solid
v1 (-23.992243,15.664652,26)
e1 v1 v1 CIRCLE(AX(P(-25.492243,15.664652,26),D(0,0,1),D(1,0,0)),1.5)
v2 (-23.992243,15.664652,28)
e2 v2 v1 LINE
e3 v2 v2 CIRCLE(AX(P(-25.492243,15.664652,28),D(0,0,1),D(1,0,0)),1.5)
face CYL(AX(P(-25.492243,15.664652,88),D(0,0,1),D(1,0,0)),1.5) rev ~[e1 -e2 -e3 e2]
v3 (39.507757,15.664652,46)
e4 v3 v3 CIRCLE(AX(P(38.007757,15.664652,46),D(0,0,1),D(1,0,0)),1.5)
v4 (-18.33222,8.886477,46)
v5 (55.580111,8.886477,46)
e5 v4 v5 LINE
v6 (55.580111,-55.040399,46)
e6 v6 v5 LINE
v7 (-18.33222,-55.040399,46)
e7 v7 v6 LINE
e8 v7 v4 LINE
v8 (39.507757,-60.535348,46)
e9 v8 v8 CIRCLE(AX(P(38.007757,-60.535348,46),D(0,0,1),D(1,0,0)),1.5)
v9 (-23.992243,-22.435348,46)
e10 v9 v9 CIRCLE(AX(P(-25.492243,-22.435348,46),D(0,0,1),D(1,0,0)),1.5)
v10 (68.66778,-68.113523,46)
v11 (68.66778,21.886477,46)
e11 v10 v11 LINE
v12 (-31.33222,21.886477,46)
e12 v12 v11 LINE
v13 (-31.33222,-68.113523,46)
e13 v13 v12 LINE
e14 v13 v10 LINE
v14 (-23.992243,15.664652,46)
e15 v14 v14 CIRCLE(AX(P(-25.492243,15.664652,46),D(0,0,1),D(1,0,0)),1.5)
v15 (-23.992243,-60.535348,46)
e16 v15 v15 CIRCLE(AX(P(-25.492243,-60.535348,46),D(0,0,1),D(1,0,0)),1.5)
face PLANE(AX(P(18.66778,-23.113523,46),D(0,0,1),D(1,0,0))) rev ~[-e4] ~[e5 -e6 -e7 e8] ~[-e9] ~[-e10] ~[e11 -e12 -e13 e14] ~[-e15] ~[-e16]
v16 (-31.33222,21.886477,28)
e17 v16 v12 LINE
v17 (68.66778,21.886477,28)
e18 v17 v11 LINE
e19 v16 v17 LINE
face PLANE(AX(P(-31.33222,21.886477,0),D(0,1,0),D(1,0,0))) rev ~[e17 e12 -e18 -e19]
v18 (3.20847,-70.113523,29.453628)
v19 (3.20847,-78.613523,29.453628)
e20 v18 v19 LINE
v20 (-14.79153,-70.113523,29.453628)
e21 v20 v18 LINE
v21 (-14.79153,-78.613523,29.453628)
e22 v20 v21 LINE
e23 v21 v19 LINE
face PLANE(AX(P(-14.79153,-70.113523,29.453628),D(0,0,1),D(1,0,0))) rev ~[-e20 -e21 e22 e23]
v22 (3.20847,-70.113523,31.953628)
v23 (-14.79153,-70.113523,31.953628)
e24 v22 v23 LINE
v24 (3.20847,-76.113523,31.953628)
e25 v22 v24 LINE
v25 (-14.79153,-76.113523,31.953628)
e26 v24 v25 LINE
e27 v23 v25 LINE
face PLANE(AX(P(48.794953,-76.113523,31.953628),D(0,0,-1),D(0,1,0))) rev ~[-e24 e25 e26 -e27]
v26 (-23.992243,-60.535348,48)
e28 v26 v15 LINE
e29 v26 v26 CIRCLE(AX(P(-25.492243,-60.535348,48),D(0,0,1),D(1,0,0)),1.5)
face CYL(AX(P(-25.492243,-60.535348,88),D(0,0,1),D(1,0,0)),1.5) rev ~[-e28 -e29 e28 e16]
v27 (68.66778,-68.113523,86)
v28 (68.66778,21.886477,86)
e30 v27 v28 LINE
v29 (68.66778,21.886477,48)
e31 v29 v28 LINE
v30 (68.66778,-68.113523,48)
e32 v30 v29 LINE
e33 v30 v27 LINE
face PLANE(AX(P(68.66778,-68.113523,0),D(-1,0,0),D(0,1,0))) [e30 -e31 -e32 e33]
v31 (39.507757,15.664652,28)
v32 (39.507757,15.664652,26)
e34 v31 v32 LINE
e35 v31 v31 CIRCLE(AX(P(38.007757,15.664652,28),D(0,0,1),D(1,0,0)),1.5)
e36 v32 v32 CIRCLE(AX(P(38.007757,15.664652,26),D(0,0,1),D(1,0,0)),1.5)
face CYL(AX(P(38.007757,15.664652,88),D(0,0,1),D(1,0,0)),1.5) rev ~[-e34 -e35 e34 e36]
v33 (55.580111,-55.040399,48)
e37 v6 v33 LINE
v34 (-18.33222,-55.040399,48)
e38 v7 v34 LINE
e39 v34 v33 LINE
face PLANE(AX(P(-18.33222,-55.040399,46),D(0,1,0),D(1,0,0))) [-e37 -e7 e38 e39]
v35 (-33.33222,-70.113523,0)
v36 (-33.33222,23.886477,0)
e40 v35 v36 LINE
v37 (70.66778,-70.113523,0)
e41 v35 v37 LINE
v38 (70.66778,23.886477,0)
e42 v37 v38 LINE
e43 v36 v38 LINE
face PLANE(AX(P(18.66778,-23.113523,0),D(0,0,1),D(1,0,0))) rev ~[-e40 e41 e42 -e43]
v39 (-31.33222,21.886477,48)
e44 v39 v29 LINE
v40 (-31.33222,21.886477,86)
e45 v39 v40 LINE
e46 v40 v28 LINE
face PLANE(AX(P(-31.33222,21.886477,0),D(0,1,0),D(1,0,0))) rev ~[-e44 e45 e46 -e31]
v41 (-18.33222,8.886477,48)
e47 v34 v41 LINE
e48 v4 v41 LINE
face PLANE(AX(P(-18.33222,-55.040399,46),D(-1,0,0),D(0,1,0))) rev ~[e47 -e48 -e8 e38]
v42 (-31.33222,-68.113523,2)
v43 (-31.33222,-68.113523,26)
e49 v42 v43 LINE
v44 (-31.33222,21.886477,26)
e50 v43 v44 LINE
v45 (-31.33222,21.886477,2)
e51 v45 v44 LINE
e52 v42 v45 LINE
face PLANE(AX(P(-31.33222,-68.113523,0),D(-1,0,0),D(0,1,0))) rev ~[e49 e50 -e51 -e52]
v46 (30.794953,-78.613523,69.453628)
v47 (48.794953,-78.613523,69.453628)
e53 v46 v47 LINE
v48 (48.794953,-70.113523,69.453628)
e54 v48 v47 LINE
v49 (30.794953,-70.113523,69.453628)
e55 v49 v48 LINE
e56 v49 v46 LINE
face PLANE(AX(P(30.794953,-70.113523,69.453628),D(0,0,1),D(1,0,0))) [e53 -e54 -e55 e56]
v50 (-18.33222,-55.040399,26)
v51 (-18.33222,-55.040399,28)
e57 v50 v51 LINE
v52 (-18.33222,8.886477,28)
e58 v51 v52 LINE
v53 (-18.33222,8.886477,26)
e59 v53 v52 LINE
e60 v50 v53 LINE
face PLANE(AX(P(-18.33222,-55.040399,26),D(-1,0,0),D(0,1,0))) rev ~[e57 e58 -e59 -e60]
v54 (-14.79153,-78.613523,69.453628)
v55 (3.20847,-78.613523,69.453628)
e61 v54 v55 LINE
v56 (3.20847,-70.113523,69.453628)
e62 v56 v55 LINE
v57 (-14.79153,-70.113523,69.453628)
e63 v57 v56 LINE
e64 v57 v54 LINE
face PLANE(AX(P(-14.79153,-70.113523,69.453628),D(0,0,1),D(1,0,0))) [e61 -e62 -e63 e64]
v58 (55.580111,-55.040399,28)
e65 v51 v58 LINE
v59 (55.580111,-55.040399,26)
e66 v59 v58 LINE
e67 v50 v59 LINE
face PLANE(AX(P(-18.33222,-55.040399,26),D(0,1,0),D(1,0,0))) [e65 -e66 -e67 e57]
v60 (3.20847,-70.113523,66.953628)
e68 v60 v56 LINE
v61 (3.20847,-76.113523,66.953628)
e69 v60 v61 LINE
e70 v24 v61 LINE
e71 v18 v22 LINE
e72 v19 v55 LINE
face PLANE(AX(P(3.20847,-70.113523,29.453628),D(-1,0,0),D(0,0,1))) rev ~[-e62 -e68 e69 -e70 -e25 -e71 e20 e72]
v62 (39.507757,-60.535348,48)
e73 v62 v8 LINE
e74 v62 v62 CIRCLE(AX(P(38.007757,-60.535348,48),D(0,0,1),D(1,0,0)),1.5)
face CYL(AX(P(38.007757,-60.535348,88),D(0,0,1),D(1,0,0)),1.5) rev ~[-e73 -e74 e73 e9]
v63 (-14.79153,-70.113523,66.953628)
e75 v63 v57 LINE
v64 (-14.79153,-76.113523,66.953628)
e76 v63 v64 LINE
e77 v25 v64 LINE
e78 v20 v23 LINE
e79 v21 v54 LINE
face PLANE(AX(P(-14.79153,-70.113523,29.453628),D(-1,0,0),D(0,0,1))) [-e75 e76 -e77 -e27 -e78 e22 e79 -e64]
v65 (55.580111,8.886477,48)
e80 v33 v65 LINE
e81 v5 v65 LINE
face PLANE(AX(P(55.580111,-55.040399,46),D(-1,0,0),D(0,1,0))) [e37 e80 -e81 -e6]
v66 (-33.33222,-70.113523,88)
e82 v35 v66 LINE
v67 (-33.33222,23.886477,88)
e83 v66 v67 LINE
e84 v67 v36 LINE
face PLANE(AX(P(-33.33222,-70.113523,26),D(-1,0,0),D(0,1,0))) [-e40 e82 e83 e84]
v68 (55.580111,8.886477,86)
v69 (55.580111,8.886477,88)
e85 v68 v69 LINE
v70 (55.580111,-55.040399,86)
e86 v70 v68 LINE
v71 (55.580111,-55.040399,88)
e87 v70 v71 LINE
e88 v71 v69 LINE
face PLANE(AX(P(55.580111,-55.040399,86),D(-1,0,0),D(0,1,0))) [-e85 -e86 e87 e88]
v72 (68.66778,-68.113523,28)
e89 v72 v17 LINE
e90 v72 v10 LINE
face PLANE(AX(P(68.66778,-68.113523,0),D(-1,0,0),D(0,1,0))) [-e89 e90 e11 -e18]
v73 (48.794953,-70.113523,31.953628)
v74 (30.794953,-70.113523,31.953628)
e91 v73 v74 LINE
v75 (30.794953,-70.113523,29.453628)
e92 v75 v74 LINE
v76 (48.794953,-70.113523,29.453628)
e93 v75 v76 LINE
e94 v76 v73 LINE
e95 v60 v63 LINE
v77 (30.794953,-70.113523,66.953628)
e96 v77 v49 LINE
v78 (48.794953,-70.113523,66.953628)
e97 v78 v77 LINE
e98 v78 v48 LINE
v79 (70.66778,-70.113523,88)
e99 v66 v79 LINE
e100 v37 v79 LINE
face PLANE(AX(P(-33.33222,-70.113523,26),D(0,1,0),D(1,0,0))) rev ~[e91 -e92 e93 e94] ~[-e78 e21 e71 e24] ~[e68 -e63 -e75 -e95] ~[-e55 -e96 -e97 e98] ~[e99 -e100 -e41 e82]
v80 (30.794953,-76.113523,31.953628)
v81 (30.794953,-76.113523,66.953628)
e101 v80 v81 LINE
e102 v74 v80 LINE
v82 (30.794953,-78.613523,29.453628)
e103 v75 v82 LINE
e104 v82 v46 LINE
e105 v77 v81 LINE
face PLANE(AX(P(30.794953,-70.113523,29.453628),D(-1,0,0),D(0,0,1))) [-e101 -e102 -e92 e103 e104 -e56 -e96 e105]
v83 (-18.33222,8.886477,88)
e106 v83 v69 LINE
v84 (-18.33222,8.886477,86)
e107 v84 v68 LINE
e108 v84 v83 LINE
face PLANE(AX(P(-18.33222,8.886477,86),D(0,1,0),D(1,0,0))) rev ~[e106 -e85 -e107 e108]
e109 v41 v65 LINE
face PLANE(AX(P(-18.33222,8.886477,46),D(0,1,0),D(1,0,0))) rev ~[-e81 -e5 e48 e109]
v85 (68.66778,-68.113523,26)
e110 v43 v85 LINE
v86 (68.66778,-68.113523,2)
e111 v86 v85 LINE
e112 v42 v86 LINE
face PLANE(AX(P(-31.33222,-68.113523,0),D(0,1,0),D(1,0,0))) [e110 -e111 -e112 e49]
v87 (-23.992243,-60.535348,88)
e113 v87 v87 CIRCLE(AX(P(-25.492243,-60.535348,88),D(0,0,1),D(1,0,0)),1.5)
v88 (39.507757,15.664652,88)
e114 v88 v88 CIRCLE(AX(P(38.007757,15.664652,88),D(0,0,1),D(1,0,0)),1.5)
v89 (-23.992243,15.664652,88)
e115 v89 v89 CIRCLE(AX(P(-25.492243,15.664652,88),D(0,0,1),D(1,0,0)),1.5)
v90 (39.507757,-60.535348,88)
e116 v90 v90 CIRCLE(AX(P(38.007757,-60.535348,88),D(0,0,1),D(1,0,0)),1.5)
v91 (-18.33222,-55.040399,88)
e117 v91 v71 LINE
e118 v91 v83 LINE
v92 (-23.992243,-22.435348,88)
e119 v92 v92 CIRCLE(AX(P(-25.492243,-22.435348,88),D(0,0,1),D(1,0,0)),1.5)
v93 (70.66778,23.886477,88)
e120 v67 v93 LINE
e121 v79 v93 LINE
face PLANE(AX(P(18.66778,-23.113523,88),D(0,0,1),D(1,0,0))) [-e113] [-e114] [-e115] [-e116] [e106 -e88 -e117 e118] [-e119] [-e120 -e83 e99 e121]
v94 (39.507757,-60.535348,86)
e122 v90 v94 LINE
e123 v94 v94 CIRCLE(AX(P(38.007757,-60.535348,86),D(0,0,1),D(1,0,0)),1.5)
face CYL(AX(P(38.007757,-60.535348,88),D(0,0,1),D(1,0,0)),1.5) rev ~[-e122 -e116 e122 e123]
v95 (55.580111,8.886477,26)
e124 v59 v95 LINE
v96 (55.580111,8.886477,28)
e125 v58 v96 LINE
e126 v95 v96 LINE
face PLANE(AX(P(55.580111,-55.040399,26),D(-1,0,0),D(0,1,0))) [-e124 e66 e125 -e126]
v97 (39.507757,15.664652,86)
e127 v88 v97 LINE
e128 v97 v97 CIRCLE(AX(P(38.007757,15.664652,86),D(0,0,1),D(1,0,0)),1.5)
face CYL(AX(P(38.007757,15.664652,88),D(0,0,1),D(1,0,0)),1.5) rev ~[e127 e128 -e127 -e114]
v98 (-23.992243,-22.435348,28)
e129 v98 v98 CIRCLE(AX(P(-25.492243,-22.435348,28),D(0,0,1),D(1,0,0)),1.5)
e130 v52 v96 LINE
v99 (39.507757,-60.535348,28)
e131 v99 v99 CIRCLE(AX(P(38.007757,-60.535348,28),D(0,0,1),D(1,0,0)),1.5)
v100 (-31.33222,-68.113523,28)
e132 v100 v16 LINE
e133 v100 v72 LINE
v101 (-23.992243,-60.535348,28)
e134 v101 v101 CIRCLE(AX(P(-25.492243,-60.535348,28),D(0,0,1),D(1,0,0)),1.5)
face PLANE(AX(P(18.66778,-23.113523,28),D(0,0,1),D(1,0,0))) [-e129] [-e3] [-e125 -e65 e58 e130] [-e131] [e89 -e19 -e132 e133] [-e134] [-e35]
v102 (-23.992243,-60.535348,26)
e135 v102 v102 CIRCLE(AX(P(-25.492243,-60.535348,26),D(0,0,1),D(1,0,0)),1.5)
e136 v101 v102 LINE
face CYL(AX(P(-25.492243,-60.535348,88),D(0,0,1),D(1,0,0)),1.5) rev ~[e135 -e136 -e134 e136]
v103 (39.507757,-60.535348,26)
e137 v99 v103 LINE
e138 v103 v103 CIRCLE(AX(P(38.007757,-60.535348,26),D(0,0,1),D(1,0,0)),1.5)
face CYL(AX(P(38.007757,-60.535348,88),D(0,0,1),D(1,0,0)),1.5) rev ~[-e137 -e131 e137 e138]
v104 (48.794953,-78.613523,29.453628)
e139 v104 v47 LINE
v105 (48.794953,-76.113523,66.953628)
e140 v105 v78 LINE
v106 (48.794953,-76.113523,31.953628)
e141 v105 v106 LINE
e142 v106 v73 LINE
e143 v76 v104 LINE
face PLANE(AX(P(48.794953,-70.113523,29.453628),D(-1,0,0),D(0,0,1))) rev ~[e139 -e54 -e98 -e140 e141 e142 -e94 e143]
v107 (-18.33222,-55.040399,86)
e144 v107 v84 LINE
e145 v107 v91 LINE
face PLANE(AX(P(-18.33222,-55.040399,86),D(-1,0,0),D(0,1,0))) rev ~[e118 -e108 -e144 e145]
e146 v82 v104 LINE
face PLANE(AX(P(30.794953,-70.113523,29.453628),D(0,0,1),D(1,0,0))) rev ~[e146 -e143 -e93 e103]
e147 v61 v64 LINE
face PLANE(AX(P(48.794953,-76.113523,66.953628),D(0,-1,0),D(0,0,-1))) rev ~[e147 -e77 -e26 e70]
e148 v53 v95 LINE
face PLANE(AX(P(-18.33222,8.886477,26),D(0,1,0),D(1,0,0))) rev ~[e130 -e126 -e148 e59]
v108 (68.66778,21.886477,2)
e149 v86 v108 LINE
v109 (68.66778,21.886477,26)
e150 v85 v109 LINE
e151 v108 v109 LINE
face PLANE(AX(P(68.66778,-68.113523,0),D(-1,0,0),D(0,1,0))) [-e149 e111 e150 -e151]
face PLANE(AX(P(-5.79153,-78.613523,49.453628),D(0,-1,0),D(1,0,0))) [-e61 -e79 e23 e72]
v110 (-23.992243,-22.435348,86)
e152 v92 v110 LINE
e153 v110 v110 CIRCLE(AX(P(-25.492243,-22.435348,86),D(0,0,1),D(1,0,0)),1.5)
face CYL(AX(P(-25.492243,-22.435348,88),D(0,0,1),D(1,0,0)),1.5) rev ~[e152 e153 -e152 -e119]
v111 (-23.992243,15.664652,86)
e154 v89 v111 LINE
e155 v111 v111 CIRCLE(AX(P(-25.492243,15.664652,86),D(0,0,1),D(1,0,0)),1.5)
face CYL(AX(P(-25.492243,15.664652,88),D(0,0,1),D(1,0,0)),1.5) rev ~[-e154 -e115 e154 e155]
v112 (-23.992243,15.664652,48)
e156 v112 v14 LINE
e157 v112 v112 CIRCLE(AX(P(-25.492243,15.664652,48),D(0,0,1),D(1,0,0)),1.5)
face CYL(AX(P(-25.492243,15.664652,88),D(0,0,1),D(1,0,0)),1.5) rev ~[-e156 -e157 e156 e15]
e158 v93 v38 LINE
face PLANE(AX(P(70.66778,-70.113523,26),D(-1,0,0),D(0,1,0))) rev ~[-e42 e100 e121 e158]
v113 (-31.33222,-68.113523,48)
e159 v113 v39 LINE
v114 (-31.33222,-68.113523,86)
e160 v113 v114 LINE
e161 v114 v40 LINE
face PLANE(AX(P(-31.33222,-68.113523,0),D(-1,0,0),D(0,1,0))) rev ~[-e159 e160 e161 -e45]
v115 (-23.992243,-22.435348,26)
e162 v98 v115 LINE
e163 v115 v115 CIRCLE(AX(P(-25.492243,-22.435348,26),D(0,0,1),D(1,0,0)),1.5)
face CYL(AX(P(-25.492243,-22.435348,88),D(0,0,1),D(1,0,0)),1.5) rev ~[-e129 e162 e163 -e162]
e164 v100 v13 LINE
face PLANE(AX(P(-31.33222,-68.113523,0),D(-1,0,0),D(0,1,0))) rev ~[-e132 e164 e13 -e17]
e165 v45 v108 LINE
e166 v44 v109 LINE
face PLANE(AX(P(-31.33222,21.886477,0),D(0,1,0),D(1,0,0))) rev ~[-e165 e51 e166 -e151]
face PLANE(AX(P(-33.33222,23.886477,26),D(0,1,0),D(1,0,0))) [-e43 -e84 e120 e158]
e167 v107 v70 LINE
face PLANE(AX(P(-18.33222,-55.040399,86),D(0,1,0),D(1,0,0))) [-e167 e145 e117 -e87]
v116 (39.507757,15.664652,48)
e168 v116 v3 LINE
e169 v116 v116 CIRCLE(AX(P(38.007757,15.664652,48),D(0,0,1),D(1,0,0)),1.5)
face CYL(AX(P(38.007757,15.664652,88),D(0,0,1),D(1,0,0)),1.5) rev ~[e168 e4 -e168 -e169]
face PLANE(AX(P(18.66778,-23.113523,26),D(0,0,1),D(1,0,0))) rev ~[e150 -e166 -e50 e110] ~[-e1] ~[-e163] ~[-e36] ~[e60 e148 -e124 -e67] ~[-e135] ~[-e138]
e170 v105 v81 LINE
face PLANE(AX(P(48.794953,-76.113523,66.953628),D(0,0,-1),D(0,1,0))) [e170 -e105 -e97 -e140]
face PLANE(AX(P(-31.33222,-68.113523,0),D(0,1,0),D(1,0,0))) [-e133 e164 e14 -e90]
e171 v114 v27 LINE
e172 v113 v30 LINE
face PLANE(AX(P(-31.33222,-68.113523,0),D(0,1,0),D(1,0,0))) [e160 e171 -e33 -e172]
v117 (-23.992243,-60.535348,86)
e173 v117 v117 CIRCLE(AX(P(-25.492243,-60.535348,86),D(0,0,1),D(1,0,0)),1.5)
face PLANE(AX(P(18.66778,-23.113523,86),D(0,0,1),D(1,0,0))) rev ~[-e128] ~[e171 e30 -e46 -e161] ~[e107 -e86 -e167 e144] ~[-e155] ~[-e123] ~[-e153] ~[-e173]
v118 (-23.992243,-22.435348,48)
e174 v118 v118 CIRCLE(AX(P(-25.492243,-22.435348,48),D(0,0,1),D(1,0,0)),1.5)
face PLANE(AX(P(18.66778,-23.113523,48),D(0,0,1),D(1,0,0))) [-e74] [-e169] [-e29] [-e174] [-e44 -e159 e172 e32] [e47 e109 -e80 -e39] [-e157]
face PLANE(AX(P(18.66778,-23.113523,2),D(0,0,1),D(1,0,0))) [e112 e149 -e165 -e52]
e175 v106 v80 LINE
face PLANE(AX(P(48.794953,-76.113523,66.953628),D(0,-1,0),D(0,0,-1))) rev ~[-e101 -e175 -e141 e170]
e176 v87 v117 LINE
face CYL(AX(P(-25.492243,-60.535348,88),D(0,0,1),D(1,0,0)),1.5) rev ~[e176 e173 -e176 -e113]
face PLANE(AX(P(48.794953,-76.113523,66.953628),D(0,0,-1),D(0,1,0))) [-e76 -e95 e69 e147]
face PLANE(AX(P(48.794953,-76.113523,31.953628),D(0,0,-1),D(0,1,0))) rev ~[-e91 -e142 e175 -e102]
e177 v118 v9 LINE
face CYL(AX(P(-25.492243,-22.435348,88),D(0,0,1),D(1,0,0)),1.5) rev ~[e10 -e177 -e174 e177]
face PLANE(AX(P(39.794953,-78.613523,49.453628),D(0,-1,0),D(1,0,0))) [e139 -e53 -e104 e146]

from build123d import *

# Parameters (mm, degrees)
SKETCH3_W           = 104
SKETCH3_H           = 94
SKETCH3_W_2         = 100
SKETCH3_H_2         = 90
EXTRUDE_THIN1_DEPTH = 86
SKETCH3_2_W         = 100
SKETCH3_2_H         = 90
BOSS_EXTRUDE1_DEPTH = 2
SKETCH6_W           = 104
SKETCH6_H           = 94
SKETCH6_W_2         = 73.912331144
SKETCH6_H_2         = 63.926876015
BOSS_EXTRUDE2_DEPTH = 2
LPATTERN1_COUNT     = 2
LPATTERN1_PITCH     = 40
LPATTERN2_COUNT     = 2
LPATTERN2_PITCH     = 60
CUT_EXTRUDE1_REACH  = 134.868
SKETCH9_R           = 1.5
SKETCH10_W          = 18
SKETCH10_H          = 40
BOSS_EXTRUDE3_DEPTH = 8.5
SKETCH12_W          = 35
SKETCH12_H          = 6
CUT_EXTRUDE2_DEPTH  = 65.5


with BuildPart() as part:
    # Sketch3 → Extrude-Thin1 (new body)
    with BuildSketch(Plane.XY):
        with Locations((18.667779633, -23.113522538)):
            Rectangle(SKETCH3_W, SKETCH3_H)
        with Locations((18.667779633, -23.113522538)):
            Rectangle(SKETCH3_W_2, SKETCH3_H_2, mode=Mode.SUBTRACT)
    extrude(amount=EXTRUDE_THIN1_DEPTH)

    # Sketch3<2> → Boss-Extrude1 (add)
    with BuildSketch(Plane.XY):
        with Locations((18.667779633, -23.113522538)):
            Rectangle(SKETCH3_2_W, SKETCH3_2_H)
    extrude(amount=BOSS_EXTRUDE1_DEPTH)

    # Sketch6 → Boss-Extrude2 (add)
    with BuildSketch(Plane.XY.offset(86)):
        with Locations((18.667779633, -23.113522538)):
            Rectangle(SKETCH6_W, SKETCH6_H)
        with Locations((18.623945205, -23.076960546)):
            Rectangle(SKETCH6_W_2, SKETCH6_H_2, mode=Mode.SUBTRACT)
    boss_extrude2 = extrude(amount=BOSS_EXTRUDE2_DEPTH)

    # LPattern1: Boss-Extrude2 ×2
    with Locations(*[(0, 0, -i * LPATTERN1_PITCH) for i in range(1, LPATTERN1_COUNT)]):
        add(boss_extrude2)

    # LPattern2: Boss-Extrude2 ×2
    with Locations(*[(0, 0, -i * LPATTERN2_PITCH) for i in range(1, LPATTERN2_COUNT)]):
        add(boss_extrude2)

    # Cut-Extrude1: up to this face of the body (flat: up to its plane)
    cut_extrude1_end = Plane(part.part.faces().sort_by_distance((18.667779633, -23.113522538, 2))[0])
    # Sketch9 → Cut-Extrude1 (cut, up to the picked face)
    with BuildSketch(Plane.XY.offset(88), mode=Mode.PRIVATE) as cut_extrude1_sk1:
        with Locations((-25.492242635, 15.664652421)):
            Circle(SKETCH9_R)
    cut_extrude1_tool1 = split(extrude(cut_extrude1_sk1.sketch, amount=-CUT_EXTRUDE1_REACH, mode=Mode.PRIVATE), bisect_by=cut_extrude1_end, keep=Keep.BOTH, mode=Mode.PRIVATE)
    # Sketch9 → Cut-Extrude1 (cut, up to the picked face)
    with BuildSketch(Plane.XY.offset(88), mode=Mode.PRIVATE) as cut_extrude1_sk2:
        with Locations((38.007757365, 15.664652421)):
            Circle(SKETCH9_R)
    cut_extrude1_tool2 = split(extrude(cut_extrude1_sk2.sketch, amount=-CUT_EXTRUDE1_REACH, mode=Mode.PRIVATE), bisect_by=cut_extrude1_end, keep=Keep.BOTH, mode=Mode.PRIVATE)
    # Sketch9 → Cut-Extrude1 (cut, up to the picked face)
    with BuildSketch(Plane.XY.offset(88), mode=Mode.PRIVATE) as cut_extrude1_sk3:
        with Locations((38.007757365, -22.435347579)):
            Circle(SKETCH9_R)
    cut_extrude1_tool3 = split(extrude(cut_extrude1_sk3.sketch, amount=-CUT_EXTRUDE1_REACH, mode=Mode.PRIVATE), bisect_by=cut_extrude1_end, keep=Keep.BOTH, mode=Mode.PRIVATE)
    # Sketch9 → Cut-Extrude1 (cut, up to the picked face)
    with BuildSketch(Plane.XY.offset(88), mode=Mode.PRIVATE) as cut_extrude1_sk4:
        with Locations((38.007757365, -60.535347579)):
            Circle(SKETCH9_R)
    cut_extrude1_tool4 = split(extrude(cut_extrude1_sk4.sketch, amount=-CUT_EXTRUDE1_REACH, mode=Mode.PRIVATE), bisect_by=cut_extrude1_end, keep=Keep.BOTH, mode=Mode.PRIVATE)
    # Sketch9 → Cut-Extrude1 (cut, up to the picked face)
    with BuildSketch(Plane.XY.offset(88), mode=Mode.PRIVATE) as cut_extrude1_sk5:
        with Locations((-25.492242635, -22.435347579)):
            Circle(SKETCH9_R)
    cut_extrude1_tool5 = split(extrude(cut_extrude1_sk5.sketch, amount=-CUT_EXTRUDE1_REACH, mode=Mode.PRIVATE), bisect_by=cut_extrude1_end, keep=Keep.BOTH, mode=Mode.PRIVATE)
    # Sketch9 → Cut-Extrude1 (cut, up to the picked face)
    with BuildSketch(Plane.XY.offset(88), mode=Mode.PRIVATE) as cut_extrude1_sk6:
        with Locations((-25.492242635, -60.535347579)):
            Circle(SKETCH9_R)
    cut_extrude1_tool6 = split(extrude(cut_extrude1_sk6.sketch, amount=-CUT_EXTRUDE1_REACH, mode=Mode.PRIVATE), bisect_by=cut_extrude1_end, keep=Keep.BOTH, mode=Mode.PRIVATE)
    add(cut_extrude1_tool1.solids().sort_by(Axis((-25.492243, 15.664652, 88), (0, 0, -1)))[0], mode=Mode.SUBTRACT)
    add(cut_extrude1_tool2.solids().sort_by(Axis((38.007757, 15.664652, 88), (0, 0, -1)))[0], mode=Mode.SUBTRACT)
    add(cut_extrude1_tool3.solids().sort_by(Axis((38.007757, -22.435348, 88), (0, 0, -1)))[0], mode=Mode.SUBTRACT)
    add(cut_extrude1_tool4.solids().sort_by(Axis((38.007757, -60.535348, 88), (0, 0, -1)))[0], mode=Mode.SUBTRACT)
    add(cut_extrude1_tool5.solids().sort_by(Axis((-25.492243, -22.435348, 88), (0, 0, -1)))[0], mode=Mode.SUBTRACT)
    add(cut_extrude1_tool6.solids().sort_by(Axis((-25.492243, -60.535348, 88), (0, 0, -1)))[0], mode=Mode.SUBTRACT)

    # Sketch10 → Boss-Extrude3 (add)
    with BuildSketch(Plane.XZ.offset(70.113522538)):
        with Locations((-5.791529817, 49.453628138)):
            Rectangle(SKETCH10_W, SKETCH10_H)
        with Locations((39.794952927, 49.453628138)):
            Rectangle(SKETCH10_W, SKETCH10_H)
    extrude(amount=BOSS_EXTRUDE3_DEPTH)

    # Sketch12 → Cut-Extrude2 (cut)
    with BuildSketch(Plane(origin=(48.794952927, 0, 0), x_dir=(0, 0, -1), z_dir=(1, 0, 0))):
        with Locations((-49.453628138, -73.113522538)):
            Rectangle(SKETCH12_W, SKETCH12_H)
    extrude(amount=-CUT_EXTRUDE2_DEPTH, mode=Mode.SUBTRACT)


solid = part.part
